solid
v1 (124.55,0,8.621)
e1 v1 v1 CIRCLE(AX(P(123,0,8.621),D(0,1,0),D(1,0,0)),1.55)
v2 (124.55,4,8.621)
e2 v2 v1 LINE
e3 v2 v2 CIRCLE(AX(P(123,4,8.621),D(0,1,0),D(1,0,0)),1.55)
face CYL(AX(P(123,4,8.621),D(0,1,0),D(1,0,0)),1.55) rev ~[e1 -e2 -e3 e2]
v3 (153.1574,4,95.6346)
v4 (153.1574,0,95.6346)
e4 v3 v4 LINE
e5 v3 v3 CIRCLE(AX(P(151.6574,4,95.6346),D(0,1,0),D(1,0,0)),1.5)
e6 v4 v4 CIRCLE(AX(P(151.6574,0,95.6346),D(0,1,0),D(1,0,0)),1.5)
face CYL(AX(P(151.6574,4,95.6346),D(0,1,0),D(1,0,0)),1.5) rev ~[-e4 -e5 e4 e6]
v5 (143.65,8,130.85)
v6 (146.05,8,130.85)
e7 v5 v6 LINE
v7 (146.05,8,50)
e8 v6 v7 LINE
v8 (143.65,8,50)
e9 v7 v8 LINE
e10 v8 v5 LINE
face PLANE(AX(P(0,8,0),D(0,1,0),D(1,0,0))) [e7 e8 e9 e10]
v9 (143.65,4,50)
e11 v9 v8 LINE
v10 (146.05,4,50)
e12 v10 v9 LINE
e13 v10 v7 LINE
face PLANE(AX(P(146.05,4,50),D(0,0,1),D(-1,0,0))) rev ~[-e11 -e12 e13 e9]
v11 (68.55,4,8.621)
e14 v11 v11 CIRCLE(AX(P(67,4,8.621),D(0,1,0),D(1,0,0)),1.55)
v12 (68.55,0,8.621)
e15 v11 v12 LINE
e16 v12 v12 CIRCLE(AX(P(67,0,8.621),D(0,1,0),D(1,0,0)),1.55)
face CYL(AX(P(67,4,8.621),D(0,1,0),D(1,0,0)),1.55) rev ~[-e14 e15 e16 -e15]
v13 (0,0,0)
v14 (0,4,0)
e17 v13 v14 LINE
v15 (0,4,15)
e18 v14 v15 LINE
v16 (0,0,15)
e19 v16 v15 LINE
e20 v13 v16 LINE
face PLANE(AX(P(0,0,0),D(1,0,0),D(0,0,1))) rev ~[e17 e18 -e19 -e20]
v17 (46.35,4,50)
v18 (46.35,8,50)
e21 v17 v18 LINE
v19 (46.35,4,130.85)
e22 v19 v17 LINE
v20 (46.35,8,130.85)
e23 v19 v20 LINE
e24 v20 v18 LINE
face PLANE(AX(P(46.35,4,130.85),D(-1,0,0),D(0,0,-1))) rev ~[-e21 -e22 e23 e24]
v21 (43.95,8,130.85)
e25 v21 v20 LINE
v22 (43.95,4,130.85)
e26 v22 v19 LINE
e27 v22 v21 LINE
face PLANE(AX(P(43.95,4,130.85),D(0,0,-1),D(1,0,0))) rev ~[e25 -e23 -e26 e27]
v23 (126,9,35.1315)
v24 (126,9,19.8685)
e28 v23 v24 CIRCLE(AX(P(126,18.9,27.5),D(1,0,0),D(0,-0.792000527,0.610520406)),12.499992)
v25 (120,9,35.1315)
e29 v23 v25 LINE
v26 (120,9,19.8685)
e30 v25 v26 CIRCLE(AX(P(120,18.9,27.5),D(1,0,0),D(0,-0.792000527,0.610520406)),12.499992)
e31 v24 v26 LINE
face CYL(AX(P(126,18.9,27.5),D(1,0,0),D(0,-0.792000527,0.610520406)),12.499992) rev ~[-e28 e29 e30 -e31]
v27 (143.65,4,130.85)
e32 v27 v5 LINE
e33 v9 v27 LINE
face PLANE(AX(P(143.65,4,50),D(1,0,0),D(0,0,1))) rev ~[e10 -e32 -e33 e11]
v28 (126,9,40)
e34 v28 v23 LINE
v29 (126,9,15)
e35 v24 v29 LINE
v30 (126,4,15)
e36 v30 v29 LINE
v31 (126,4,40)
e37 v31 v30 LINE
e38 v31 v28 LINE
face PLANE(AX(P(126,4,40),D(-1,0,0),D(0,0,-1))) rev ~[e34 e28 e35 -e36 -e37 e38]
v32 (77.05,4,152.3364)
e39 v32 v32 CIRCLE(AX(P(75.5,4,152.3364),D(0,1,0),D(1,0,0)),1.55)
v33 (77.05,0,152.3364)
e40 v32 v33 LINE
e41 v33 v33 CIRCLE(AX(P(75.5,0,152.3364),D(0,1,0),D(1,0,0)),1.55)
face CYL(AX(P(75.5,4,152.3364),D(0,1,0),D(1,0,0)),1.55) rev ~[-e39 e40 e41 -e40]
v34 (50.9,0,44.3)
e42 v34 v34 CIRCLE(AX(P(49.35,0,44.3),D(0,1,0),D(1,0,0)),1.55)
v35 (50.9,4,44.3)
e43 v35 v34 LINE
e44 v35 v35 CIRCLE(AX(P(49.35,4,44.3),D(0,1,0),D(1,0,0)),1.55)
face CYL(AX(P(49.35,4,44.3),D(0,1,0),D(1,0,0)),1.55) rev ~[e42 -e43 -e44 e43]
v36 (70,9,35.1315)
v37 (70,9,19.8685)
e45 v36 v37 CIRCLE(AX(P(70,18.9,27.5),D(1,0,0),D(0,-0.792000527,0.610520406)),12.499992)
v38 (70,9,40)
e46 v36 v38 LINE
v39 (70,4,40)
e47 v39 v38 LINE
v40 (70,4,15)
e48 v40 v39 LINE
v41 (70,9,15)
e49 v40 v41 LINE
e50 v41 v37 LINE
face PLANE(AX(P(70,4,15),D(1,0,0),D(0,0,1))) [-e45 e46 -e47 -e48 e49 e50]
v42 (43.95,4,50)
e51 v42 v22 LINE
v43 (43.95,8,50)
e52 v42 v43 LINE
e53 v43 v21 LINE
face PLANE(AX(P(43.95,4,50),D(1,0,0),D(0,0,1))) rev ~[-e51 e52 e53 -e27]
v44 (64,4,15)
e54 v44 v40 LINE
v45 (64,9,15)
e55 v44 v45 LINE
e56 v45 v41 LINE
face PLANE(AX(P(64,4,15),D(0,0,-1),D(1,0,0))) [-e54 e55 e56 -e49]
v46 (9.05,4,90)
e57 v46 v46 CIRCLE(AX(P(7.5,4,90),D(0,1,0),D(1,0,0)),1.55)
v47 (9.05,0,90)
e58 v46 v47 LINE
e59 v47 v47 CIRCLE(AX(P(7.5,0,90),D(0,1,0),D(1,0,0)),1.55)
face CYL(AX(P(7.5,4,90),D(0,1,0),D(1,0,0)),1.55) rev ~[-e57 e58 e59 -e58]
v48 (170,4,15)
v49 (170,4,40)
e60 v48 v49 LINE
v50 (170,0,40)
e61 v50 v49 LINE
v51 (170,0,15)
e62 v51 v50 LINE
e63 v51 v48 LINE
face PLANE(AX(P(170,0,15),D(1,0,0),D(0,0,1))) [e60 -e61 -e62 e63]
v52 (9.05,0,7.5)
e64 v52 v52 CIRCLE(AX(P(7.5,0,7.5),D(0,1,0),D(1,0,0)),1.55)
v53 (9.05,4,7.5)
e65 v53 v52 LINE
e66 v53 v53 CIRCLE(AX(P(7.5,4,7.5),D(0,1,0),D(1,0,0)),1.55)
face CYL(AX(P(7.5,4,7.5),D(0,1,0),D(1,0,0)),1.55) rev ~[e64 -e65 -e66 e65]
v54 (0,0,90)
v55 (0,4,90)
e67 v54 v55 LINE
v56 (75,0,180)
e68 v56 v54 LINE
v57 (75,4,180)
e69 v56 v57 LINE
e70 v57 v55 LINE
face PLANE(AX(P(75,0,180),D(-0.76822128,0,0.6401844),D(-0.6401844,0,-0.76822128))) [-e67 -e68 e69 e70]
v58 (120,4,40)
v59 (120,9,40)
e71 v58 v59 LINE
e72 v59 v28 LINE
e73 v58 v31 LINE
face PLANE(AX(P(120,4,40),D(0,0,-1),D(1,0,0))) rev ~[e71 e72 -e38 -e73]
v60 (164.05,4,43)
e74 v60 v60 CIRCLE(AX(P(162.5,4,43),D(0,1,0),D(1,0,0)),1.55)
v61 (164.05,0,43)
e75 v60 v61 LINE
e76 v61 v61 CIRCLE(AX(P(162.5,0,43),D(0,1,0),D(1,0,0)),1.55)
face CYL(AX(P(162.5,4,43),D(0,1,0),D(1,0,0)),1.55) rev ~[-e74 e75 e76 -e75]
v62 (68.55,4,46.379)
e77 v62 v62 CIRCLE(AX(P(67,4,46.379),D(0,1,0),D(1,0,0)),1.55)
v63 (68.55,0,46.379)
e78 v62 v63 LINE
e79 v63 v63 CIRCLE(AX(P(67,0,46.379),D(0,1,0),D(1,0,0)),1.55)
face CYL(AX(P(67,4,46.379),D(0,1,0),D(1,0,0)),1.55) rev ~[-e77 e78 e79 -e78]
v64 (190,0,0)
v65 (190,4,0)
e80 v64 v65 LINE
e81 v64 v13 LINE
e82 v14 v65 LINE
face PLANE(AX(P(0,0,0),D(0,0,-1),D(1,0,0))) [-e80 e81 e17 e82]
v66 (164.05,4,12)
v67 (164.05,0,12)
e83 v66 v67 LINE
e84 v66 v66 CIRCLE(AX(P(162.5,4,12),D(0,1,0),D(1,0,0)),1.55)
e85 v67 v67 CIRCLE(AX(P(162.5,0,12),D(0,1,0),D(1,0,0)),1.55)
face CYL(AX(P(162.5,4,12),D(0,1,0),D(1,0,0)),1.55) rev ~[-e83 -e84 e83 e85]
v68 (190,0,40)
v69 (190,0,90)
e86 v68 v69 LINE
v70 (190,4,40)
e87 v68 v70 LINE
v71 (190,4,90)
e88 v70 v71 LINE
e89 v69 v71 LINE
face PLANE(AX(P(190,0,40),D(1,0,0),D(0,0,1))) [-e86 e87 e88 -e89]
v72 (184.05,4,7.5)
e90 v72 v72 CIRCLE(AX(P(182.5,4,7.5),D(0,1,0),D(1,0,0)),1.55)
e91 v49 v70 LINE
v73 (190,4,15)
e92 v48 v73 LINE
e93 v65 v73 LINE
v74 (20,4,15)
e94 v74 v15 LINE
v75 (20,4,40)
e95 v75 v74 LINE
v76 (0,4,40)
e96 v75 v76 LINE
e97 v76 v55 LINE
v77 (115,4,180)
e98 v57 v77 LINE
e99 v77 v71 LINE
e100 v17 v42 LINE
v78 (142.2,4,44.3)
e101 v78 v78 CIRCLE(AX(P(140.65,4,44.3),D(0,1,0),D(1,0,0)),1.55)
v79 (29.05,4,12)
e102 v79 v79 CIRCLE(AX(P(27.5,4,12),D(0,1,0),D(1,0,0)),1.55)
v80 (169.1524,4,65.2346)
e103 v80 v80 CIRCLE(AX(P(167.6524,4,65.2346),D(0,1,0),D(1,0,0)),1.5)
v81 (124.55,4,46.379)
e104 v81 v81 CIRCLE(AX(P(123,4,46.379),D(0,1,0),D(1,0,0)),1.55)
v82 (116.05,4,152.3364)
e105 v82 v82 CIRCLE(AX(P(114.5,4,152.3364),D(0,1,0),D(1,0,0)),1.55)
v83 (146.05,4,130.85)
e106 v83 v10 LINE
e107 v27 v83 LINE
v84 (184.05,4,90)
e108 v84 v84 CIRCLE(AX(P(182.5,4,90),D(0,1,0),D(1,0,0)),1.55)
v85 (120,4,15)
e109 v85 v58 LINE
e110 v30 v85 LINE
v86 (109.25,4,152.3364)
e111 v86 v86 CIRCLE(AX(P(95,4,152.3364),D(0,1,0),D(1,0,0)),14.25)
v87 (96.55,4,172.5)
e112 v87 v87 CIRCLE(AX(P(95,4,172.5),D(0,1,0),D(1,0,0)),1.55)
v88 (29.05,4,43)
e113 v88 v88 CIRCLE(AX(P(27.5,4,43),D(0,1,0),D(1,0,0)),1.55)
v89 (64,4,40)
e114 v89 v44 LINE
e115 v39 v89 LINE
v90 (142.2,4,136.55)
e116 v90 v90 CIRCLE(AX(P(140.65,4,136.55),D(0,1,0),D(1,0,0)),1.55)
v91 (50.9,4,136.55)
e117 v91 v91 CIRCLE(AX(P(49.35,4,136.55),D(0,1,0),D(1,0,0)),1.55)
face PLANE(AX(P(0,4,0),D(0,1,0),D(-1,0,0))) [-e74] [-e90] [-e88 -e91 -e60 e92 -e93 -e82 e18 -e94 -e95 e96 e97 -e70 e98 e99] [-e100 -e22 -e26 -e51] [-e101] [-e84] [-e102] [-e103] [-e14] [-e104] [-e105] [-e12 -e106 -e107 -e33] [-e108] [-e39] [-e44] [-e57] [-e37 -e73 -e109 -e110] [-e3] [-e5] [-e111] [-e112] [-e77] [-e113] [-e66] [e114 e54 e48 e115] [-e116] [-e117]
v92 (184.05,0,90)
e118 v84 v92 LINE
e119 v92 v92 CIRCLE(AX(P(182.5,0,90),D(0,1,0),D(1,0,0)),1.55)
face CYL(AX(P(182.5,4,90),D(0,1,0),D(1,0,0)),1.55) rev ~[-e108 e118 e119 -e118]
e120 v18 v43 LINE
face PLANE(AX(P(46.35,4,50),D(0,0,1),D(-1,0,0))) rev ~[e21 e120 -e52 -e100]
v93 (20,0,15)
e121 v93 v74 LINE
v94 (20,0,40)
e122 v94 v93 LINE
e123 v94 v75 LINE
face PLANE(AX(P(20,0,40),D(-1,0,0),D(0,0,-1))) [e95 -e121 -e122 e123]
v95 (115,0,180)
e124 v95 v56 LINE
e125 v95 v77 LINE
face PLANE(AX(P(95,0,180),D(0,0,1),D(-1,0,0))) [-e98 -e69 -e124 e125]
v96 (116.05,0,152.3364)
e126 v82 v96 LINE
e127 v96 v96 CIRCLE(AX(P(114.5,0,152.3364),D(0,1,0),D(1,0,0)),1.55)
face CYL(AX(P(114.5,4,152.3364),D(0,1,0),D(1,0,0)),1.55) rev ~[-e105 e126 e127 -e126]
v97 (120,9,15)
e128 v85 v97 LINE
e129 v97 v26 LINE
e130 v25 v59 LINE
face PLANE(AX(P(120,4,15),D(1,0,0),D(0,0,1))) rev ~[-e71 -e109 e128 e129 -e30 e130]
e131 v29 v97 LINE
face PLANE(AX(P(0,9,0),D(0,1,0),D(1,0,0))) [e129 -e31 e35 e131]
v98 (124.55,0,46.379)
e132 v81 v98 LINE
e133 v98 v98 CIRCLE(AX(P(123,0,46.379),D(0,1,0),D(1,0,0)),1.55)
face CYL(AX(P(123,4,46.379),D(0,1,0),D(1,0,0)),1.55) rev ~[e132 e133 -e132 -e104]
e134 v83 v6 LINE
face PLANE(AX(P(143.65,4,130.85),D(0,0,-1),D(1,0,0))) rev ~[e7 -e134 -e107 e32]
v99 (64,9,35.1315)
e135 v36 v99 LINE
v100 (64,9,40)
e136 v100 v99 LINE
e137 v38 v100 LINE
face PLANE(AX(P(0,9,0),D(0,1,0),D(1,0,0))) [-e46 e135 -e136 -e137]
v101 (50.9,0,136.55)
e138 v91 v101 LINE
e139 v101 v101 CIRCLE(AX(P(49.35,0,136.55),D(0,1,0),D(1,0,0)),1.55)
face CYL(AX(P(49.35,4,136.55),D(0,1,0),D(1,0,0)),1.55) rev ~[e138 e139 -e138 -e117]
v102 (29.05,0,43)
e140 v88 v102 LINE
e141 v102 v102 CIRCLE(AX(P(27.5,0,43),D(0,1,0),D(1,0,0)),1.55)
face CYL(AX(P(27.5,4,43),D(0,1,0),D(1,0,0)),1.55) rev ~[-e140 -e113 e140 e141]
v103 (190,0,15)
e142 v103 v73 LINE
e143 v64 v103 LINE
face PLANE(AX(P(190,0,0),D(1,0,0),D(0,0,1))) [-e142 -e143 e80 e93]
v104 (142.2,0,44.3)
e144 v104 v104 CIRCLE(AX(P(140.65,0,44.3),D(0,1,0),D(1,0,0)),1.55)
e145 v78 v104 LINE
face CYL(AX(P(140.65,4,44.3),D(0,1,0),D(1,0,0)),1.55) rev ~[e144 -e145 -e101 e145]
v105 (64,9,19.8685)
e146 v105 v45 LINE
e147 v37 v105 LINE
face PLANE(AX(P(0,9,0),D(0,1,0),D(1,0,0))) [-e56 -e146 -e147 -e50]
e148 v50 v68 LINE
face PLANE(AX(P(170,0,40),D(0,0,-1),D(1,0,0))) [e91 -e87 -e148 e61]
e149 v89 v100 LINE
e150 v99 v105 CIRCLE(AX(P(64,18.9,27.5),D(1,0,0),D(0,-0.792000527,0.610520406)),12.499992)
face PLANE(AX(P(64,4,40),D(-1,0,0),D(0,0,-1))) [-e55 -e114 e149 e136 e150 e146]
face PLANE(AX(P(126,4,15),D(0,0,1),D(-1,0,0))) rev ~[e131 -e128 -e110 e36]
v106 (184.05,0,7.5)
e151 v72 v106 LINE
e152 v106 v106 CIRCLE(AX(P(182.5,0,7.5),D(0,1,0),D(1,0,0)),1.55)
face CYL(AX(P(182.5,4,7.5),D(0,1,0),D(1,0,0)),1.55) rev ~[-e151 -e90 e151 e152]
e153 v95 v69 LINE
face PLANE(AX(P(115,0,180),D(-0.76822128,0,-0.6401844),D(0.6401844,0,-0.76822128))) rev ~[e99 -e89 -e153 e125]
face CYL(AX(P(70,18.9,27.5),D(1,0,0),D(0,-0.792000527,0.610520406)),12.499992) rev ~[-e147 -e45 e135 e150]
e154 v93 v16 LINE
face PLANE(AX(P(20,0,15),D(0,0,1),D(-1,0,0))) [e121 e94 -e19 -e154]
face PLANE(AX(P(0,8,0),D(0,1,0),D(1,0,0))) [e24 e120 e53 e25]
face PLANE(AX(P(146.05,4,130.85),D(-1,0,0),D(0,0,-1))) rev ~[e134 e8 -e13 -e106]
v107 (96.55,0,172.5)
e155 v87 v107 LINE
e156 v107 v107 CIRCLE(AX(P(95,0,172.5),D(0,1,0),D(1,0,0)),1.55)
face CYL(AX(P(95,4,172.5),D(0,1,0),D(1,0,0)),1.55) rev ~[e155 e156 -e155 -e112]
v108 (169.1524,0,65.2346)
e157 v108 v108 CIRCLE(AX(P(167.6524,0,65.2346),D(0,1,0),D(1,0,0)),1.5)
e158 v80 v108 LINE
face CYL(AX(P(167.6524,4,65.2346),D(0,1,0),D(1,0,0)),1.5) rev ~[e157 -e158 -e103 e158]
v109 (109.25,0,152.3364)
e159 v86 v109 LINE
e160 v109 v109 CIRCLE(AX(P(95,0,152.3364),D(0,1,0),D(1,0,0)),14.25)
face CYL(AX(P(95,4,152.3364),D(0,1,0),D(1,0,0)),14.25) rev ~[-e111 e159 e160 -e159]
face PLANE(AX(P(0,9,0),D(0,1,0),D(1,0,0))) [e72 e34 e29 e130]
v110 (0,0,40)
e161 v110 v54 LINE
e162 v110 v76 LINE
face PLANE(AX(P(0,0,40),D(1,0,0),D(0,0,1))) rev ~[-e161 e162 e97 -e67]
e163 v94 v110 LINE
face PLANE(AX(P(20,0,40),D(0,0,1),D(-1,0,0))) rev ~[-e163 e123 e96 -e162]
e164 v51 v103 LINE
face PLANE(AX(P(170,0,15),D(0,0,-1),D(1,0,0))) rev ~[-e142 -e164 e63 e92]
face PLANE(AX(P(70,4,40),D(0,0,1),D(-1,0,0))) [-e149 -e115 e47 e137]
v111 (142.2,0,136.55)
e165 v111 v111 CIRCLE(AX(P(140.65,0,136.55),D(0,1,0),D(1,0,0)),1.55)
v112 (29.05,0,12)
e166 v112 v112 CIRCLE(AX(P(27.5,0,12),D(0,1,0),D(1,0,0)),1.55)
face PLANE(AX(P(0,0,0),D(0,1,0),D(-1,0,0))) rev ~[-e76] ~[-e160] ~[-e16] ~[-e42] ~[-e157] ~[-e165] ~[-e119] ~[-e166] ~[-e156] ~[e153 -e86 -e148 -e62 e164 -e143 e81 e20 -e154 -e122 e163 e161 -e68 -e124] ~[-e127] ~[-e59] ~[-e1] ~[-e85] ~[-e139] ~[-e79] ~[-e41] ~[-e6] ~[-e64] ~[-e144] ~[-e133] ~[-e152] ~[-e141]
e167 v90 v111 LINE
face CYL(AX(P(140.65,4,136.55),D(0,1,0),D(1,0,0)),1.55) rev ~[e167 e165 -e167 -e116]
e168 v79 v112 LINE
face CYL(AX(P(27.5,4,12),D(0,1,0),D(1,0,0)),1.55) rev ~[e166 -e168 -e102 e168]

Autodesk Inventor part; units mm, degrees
ref_plane "YZ Plane" through (0, 0, 0) normal (1, 0, 0) x (0, 1, 0)
ref_plane "XZ Plane" through (0, 0, 0) normal (0, 1, 0) x (-1, 0, 0)
ref_plane "XY Plane" through (0, 0, 0) normal (0, 0, 1) x (1, 0, 0)
sketch "Sketch1" plane through (0, 0, 0) normal (0, 1, 0) x (-1, 0, 0)
  line L0 (0, 0) -> (-190, 0)
  line L1 (0, 0) -> (0, 15)
  line L2 (-170, 15) -> (-170, 40)
  line L3 (-20, 40) -> (-20, 15)
  line L4 (-20, 15) -> (0, 15)
  line L5 (-20, 40) -> (0, 40)
  line L6 (-170, 15) -> (-190, 15)
  line L7 (-170, 40) -> (-190, 40)
  line L8 (0, 15) -> (0, 0)
  line L9 (-190, 0) -> (-190, 15)
  line L10 (-95, 0) -> (-95, 180)
  line L11 (0, 40) -> (0, 90)
  line L12 (-190, 40) -> (-190, 90)
  line L13 (-95, 180) -> (-75, 180)
  line L14 (-75, 180) -> (0, 90)
  line L15 (-95, 180) -> (-115, 180)
  line L16 (-115, 180) -> (-190, 90)
  dimension "d1" = 190
  dimension "d37" = 180
  dimension "d38" = 50
  dimension "d39" = 20
  dimension "d40" = 20
extrude "Extrusion1" add sketch "Sketch1" along normal blind 4
sketch "Sketch5" plane through (0, 4, 0) normal (0, 1, 0) x (1, 0, 0)
  circle A0 centre (27.5, -12) radius 1.55 projected
  circle A1 centre (27.5, -43) radius 1.55 projected
  circle A2 centre (162.5, -43) radius 1.55 projected
  circle A3 centre (162.5, -12) radius 1.55 projected
  point P0 (0, 0)
extrude "Extrusion2" cut sketch "Sketch5" against normal blind 10
sketch "Sketch6" plane through (0, 4, 0) normal (0, 1, 0) x (1, 0, 0)
  line L0 (20, -15) -> (20, -40) projected
  line L1 (70, -15) -> (70, -40)
  line L2 (70, -40) -> (64, -40)
  line L3 (64, -40) -> (64, -15)
  line L4 (64, -15) -> (70, -15)
  line L5 (190, 0) -> (0, 0) projected
  line L6 (120, -15) -> (120, -40)
  line L7 (120, -40) -> (126, -40)
  line L8 (126, -40) -> (126, -15)
  line L9 (126, -15) -> (120, -15)
  dimension "d24" = 6
extrude "Extrusion3" add sketch "Sketch6" along normal blind 5
sketch "Sketch7" plane through (126, 4, 40) normal (1, 0, 0) x (0, 0, -1)
  line L0 (0, 0) -> (25, 0) projected
  arc A0 (4.8685, 5) -> (20.1315, 5) centre (12.5, 14.9) ccw
  line L1 (0, 5) -> (25, 5) projected
  line L2 (4.8685, 5) -> (20.1315, 5)
  point P0 (40, -4)
  point P1 (4.8685, 5)
extrude "Extrusion4" cut sketch "Sketch7" against normal blind 10
sketch "Sketch8" plane through (70, 4, 40) normal (1, 0, 0) x (0, 0, -1)
  line L0 (0, 0) -> (25, 0) projected
  arc A0 (4.8685, 5) -> (20.1315, 5) centre (12.5, 14.9) ccw
  line L1 (25, 5) -> (0, 5) projected
  arc A1 (4.8685, 5) -> (20.1315, 5) centre (12.5, 14.9) ccw projected
  line L2 (20.1315, 5) -> (4.8685, 5)
  point P0 (40, -4)
  point P1 (4.8685, 5)
extrude "Extrusion5" cut sketch "Sketch8" against normal blind 10
sketch "Sketch9" plane through (0, 4, 0) normal (0, 1, 0) x (1, 0, 0)
  circle A0 centre (67, -46.379) radius 1.55 projected
  circle A1 centre (123, -46.379) radius 1.55 projected
  circle A2 centre (123, -8.621) radius 1.55 projected
  circle A3 centre (67, -8.621) radius 1.55 projected
  point P0 (0, 0)
extrude "Extrusion6" cut sketch "Sketch9" against normal blind 10
sketch "Sketch10" plane through (0, 4, 0) normal (0, 1, 0) x (1, 0, 0)
  circle A0 centre (67, -46.379) radius 1.55 projected
  circle A1 centre (123, -46.379) radius 1.55 projected
  line L0 (46.35, -50) -> (43.95, -50)
  line L1 (43.95, -50) -> (43.95, -130.85)
  line L2 (43.95, -130.85) -> (46.35, -130.85)
  line L3 (46.35, -130.85) -> (46.35, -50)
  line L4 (146.05, -50) -> (143.65, -50)
  line L5 (143.65, -50) -> (143.65, -130.85)
  line L6 (143.65, -130.85) -> (146.05, -130.85)
  line L7 (146.05, -130.85) -> (146.05, -50)
  point P0 (0, 0)
  dimension "d89" = 2.4
  dimension "d90" = 80.85
  dimension "d92" = 2.4
  dimension "d93" = 80.85
  dimension "d94" = 97.3
extrude "Extrusion7" add sketch "Sketch10" along normal blind 4 contours L3 L2 L1 L0 | L7 L6 L5 L4
sketch "Sketch14" plane through (0, 4, 0) normal (0, 1, 0) x (1, 0, 0)
  line L0 (190, 0) -> (0, 0) projected
  line L1 (0, 0) -> (0, -7.5)
  line L2 (0, 0) -> (0, -15) projected
  line L3 (0, -90) -> (75, -180) projected
  circle A0 centre (7.5, -7.5) radius 1.55
  circle A1 centre (7.5, -90) radius 1.55
  line L4 (75, -180) -> (115, -180) projected
  circle A2 centre (182.5, -7.5) radius 1.55
  circle A3 centre (182.5, -90) radius 1.55
  circle A4 centre (95, -172.5) radius 1.55
  dimension "d68" = 7.5
  dimension "d71" = 3.1
  dimension "d72" = 3.1
  dimension "d74" = 3.1
extrude "Extrusion10" cut sketch "Sketch14" against normal blind 10
sketch "Sketch15" plane through (0, 4, 0) normal (0, 1, 0) x (1, 0, 0)
  circle A0 centre (140.65, -44.3) radius 1.55 projected
  circle A1 centre (140.65, -136.55) radius 1.55 projected
  circle A2 centre (49.35, -136.55) radius 1.55 projected
  circle A3 centre (49.35, -44.3) radius 1.55 projected
  point P0 (0, 0)
extrude "Extrusion11" cut sketch "Sketch15" against normal blind 10
sketch "Sketch16" plane through (0, 4, 0) normal (0, 1, 0) x (1, 0, 0)
  circle A0 centre (167.6524, -65.2346) radius 1.5 projected
  circle A1 centre (151.6574, -95.6346) radius 1.5 projected
  point P0 (0, 0)
extrude "Extrusion12" cut sketch "Sketch16" against normal blind 10
sketch "Sketch17" plane through (0, 4, 0) normal (0, 1, 0) x (1, 0, 0)
  circle A0 centre (95, -152.3364) radius 14.25
  line L0 (75, -180) -> (115, -180) projected
  point P0 (0, 0)
  dimension "d101" = 28.5
  dimension "d112" = 27.6636
extrude "Extrusion13" cut sketch "Sketch17" against normal through all
sketch "Sketch19" plane through (0, 4, 0) normal (0, 1, 0) x (1, 0, 0)
  circle A0 centre (95, -152.3364) radius 14.25 projected
  circle A1 centre (114.5, -152.3364) radius 1.55
  circle A2 centre (75.5, -152.3364) radius 1.55
  point P0 (0, 0)
  dimension "d108" = 3.1
  dimension "d109" = 3.1
extrude "Extrusion14" cut sketch "Sketch19" against normal blind 5 contours A1 | A2
properties part number "bp_v2" material "PET Plastic"
